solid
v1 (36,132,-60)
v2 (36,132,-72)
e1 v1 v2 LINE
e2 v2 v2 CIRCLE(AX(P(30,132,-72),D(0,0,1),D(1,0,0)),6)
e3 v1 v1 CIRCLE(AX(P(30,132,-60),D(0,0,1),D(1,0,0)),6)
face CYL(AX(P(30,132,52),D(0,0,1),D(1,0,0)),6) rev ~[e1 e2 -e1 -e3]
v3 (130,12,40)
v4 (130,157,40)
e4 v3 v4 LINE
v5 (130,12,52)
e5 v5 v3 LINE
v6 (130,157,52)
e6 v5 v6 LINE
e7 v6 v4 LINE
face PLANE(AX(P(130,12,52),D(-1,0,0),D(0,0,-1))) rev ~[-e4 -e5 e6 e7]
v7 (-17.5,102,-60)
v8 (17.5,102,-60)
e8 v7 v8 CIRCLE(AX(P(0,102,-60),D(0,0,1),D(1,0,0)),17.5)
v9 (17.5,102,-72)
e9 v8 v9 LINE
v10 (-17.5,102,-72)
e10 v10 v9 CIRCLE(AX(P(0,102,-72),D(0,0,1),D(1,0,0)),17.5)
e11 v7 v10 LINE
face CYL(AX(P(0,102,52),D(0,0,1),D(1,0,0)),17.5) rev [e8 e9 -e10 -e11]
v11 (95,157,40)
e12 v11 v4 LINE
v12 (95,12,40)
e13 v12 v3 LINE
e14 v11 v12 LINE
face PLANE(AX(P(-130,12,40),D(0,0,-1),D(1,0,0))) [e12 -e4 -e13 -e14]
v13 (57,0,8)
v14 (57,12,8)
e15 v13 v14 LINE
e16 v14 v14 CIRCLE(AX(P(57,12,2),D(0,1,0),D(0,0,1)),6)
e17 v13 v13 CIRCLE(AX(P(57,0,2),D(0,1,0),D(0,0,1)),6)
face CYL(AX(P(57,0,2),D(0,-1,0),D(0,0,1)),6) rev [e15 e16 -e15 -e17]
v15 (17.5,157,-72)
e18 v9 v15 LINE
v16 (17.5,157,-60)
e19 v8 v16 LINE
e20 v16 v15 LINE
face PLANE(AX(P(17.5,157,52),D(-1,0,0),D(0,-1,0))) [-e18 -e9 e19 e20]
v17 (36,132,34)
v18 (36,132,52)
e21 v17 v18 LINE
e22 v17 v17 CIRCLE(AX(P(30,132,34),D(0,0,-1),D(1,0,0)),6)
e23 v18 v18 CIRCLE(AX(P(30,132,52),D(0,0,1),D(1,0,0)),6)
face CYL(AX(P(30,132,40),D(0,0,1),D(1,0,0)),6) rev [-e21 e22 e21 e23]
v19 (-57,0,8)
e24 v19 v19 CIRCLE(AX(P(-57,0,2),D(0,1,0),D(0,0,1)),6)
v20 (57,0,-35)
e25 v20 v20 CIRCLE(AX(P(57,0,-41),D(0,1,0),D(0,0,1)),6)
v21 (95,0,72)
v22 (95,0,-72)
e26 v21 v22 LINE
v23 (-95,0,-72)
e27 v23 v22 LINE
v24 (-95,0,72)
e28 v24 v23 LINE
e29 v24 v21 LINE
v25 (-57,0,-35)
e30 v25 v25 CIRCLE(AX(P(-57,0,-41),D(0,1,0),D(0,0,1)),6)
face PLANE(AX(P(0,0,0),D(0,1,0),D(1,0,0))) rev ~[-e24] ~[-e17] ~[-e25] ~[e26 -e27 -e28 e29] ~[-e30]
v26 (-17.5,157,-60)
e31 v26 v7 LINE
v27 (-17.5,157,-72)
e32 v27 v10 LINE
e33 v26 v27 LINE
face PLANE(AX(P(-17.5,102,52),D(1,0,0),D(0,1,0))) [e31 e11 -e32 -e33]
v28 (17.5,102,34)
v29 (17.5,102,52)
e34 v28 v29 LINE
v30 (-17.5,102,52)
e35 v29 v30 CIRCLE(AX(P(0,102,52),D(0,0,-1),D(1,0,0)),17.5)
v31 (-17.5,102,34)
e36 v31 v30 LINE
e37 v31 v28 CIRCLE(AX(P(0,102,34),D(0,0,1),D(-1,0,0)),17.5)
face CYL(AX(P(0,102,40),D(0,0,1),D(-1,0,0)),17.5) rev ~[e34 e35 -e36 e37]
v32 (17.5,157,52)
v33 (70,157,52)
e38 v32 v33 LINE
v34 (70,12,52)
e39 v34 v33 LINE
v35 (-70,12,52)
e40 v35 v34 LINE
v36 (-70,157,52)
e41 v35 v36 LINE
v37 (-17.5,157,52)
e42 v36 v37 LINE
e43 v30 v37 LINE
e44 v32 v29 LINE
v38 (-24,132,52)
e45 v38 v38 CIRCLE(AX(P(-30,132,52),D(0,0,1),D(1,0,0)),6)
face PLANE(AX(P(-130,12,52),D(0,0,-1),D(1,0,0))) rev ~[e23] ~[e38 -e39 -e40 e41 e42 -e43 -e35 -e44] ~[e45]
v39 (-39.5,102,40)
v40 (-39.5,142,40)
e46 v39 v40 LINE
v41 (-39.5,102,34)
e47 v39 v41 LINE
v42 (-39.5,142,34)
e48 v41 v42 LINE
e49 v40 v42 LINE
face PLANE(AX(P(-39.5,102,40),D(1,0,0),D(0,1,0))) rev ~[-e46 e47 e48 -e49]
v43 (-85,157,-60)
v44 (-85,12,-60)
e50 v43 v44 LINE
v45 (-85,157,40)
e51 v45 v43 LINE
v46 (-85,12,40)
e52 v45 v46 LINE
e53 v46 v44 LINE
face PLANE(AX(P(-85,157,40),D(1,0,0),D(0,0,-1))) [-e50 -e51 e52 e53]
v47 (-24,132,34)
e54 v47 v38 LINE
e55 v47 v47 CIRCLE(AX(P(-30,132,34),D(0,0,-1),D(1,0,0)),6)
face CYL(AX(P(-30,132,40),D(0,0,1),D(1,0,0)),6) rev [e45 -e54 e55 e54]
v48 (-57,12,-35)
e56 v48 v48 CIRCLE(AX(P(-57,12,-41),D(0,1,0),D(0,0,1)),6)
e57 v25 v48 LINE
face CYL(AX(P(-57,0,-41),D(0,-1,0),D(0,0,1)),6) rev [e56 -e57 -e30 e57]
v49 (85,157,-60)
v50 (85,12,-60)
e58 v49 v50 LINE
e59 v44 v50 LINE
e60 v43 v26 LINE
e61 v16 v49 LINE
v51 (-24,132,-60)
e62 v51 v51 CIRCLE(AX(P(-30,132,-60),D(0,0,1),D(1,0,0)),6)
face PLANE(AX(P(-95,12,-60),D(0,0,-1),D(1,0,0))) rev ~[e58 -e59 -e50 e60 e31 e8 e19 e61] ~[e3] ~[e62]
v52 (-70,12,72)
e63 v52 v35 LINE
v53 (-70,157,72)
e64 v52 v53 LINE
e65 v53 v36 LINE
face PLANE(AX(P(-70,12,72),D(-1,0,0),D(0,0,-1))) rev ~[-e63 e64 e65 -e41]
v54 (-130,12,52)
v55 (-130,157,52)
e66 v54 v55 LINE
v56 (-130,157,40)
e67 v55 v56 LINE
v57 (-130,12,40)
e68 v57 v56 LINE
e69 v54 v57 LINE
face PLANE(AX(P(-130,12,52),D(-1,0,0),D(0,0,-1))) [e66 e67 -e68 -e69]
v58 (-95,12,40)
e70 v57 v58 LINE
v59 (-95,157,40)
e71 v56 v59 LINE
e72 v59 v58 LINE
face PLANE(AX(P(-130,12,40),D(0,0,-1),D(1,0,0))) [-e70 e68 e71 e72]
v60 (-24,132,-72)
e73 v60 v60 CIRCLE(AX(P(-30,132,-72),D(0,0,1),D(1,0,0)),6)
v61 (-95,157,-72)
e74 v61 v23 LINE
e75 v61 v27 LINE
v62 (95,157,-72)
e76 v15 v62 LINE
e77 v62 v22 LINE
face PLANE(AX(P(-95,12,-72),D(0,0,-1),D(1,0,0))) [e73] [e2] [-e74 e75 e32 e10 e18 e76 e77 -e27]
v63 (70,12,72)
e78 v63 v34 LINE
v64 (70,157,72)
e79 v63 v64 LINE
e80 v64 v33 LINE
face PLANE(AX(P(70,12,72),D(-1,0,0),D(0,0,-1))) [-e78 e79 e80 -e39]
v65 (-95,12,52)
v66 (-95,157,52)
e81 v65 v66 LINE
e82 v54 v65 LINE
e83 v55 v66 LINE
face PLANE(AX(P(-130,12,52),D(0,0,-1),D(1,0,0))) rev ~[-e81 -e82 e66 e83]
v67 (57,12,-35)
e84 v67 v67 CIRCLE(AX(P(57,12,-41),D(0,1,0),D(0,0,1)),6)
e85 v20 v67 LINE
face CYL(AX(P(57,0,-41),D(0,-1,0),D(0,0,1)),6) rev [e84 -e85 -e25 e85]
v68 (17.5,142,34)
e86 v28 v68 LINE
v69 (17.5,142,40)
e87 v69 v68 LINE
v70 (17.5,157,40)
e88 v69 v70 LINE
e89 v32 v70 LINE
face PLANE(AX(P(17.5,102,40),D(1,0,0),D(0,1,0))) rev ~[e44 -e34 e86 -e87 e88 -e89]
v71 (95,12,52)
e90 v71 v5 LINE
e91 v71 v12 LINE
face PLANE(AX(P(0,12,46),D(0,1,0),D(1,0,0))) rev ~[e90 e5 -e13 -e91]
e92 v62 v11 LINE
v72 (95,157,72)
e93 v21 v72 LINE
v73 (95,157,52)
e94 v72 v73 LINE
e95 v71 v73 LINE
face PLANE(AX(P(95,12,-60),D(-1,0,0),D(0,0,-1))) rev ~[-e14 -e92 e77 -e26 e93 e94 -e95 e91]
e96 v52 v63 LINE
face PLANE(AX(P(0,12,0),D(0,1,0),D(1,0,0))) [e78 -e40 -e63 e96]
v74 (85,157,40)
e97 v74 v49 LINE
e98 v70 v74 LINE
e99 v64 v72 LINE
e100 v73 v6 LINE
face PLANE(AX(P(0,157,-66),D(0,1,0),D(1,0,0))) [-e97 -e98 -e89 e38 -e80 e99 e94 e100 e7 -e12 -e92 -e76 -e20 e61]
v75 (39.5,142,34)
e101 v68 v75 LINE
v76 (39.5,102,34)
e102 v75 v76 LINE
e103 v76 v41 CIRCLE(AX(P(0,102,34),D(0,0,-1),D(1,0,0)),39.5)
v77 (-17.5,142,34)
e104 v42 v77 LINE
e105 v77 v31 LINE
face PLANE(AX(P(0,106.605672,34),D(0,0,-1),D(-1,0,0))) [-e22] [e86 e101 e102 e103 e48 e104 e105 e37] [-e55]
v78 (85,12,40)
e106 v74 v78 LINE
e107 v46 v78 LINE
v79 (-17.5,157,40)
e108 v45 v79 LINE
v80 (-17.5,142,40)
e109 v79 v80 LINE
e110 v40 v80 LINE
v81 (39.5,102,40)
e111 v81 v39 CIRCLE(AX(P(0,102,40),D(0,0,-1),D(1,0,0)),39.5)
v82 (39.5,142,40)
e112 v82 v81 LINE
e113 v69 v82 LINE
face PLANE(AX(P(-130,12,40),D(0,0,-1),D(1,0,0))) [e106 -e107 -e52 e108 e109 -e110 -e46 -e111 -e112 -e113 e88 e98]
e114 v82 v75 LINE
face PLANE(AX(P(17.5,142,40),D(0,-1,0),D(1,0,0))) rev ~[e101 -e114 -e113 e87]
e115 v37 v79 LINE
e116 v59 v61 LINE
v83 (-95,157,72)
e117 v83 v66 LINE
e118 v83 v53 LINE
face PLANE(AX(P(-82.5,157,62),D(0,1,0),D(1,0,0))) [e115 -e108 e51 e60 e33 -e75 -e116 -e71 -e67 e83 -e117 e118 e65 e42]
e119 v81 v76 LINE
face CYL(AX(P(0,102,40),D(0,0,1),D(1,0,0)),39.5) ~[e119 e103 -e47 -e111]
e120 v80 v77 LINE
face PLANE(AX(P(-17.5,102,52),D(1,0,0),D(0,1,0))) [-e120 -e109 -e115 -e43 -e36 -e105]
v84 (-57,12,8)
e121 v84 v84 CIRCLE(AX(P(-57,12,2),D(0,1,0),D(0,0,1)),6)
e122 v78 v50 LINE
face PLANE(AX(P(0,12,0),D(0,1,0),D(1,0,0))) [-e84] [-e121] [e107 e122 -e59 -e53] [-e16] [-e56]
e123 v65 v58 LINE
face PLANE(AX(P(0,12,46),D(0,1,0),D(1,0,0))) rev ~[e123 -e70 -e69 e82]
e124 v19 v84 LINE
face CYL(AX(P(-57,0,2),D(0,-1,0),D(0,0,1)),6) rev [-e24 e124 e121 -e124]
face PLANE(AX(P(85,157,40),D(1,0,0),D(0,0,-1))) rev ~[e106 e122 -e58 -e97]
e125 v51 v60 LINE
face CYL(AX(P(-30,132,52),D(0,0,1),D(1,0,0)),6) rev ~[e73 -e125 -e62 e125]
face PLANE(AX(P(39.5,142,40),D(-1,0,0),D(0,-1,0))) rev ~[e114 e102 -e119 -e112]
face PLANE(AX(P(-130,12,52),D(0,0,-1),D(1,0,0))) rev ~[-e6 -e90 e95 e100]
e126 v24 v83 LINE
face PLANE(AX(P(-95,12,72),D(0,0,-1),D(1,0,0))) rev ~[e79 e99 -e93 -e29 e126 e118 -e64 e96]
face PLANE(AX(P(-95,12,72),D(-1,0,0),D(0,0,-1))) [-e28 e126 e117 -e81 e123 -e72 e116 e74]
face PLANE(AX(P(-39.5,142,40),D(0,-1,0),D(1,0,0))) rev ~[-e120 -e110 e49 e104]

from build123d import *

# Parameters (mm, degrees)
SKETCH_1_W          = 190
SKETCH_1_H          = 144
SKETCH_1_R          = 6
EXTRUDE_1_DEPTH     = 12
SKETCH_2_W          = 190
SKETCH_2_H          = 12
SKETCH_2_W_2        = 260
EXTRUDE_2_DEPTH     = 145
SKETCH_3_R          = 6
CUT_EXTRUDE_1_DEPTH = 239.589605809
SKETCH_4_R          = 6
EXTRUDE_3_DEPTH     = 6
SKETCH_5_W          = 10
SKETCH_5_H          = 100
EXTRUDE_4_DEPTH     = 145
SKETCH_6_W          = 25
SKETCH_6_H          = 20
EXTRUDE_5_DEPTH     = 145


with BuildPart() as part:
    # 草图1 → 凸台-拉伸1 (new body)
    with BuildSketch(Plane(origin=(0, 0, 0), x_dir=(1, 0, 0), z_dir=(0, 1, 0))):
        Rectangle(SKETCH_1_W, SKETCH_1_H)
        with Locations(Location((-57, 41, 0), (0, 0, 270))):
            Circle(SKETCH_1_R, mode=Mode.SUBTRACT)
        with Locations(Location((57, 41, 0), (0, 0, 270))):
            Circle(SKETCH_1_R, mode=Mode.SUBTRACT)
        with Locations(Location((-57, -2, 0), (0, 0, 270))):
            Circle(SKETCH_1_R, mode=Mode.SUBTRACT)
        with Locations(Location((57, -2, 0), (0, 0, 270))):
            Circle(SKETCH_1_R, mode=Mode.SUBTRACT)
    extrude(amount=EXTRUDE_1_DEPTH)

    # 草图2 → 凸台-拉伸2 (add)
    with BuildSketch(Plane(origin=(0, 12, 0), x_dir=(1, 0, 0), z_dir=(0, 1, 0))):
        with Locations((0, 66)):
            Rectangle(SKETCH_2_W, SKETCH_2_H)
        with Locations((0, -46)):
            Rectangle(SKETCH_2_W_2, SKETCH_2_H)
    extrude(amount=EXTRUDE_2_DEPTH)

    # 草图3 → 切除-拉伸1 (cut, through all)
    with BuildSketch(Plane.XY.offset(52)):
        with Locations((-30, 132)):
            Circle(SKETCH_3_R)
        with Locations((30, 132)):
            Circle(SKETCH_3_R)
        with BuildLine():
            Line((-17.5, 157), (17.5, 157))
            Line((17.5, 157), (17.5, 102))
            ThreePointArc((17.5, 102), (0, 84.5), (-17.5, 102))
            Line((-17.5, 102), (-17.5, 157))
        make_face()
    extrude(amount=-CUT_EXTRUDE_1_DEPTH, mode=Mode.SUBTRACT)

    # 草图4 → 凸台-拉伸3 (add)
    with BuildSketch(Plane(origin=(0, 0, 40), x_dir=(-1, 0, 0), z_dir=(0, 0, -1))):
        with BuildLine():
            Line((-17.5, 142), (-39.5, 142))
            Line((-39.5, 142), (-39.5, 102))
            ThreePointArc((-39.5, 102), (0, 62.5), (39.5, 102))
            Line((39.5, 102), (39.5, 142))
            Line((39.5, 142), (17.5, 142))
            Line((17.5, 142), (17.5, 102))
            ThreePointArc((17.5, 102), (0, 84.5), (-17.5, 102))
            Line((-17.5, 102), (-17.5, 142))
        make_face()
        with Locations(Location((-30, 132, 0), (0, 0, 180))):
            Circle(SKETCH_4_R, mode=Mode.SUBTRACT)
        with Locations(Location((30, 132, 0), (0, 0, 180))):
            Circle(SKETCH_4_R, mode=Mode.SUBTRACT)
    extrude(amount=EXTRUDE_3_DEPTH)

    # 草图5 → 凸台-拉伸4 (add)
    with BuildSketch(Plane(origin=(0, 157, 0), x_dir=(1, 0, 0), z_dir=(0, 1, 0))):
        with Locations((-90, 10)):
            Rectangle(SKETCH_5_W, SKETCH_5_H)
        with Locations((90, 10)):
            Rectangle(SKETCH_5_W, SKETCH_5_H)
    extrude(amount=-EXTRUDE_4_DEPTH)

    # 草图6 → 凸台-拉伸5 (add)
    with BuildSketch(Plane(origin=(0, 12, 0), x_dir=(1, 0, 0), z_dir=(0, 1, 0))):
        with Locations((-82.5, -62)):
            Rectangle(SKETCH_6_W, SKETCH_6_H)
        with Locations((82.5, -62)):
            Rectangle(SKETCH_6_W, SKETCH_6_H)
    extrude(amount=EXTRUDE_5_DEPTH)


solid = part.part
